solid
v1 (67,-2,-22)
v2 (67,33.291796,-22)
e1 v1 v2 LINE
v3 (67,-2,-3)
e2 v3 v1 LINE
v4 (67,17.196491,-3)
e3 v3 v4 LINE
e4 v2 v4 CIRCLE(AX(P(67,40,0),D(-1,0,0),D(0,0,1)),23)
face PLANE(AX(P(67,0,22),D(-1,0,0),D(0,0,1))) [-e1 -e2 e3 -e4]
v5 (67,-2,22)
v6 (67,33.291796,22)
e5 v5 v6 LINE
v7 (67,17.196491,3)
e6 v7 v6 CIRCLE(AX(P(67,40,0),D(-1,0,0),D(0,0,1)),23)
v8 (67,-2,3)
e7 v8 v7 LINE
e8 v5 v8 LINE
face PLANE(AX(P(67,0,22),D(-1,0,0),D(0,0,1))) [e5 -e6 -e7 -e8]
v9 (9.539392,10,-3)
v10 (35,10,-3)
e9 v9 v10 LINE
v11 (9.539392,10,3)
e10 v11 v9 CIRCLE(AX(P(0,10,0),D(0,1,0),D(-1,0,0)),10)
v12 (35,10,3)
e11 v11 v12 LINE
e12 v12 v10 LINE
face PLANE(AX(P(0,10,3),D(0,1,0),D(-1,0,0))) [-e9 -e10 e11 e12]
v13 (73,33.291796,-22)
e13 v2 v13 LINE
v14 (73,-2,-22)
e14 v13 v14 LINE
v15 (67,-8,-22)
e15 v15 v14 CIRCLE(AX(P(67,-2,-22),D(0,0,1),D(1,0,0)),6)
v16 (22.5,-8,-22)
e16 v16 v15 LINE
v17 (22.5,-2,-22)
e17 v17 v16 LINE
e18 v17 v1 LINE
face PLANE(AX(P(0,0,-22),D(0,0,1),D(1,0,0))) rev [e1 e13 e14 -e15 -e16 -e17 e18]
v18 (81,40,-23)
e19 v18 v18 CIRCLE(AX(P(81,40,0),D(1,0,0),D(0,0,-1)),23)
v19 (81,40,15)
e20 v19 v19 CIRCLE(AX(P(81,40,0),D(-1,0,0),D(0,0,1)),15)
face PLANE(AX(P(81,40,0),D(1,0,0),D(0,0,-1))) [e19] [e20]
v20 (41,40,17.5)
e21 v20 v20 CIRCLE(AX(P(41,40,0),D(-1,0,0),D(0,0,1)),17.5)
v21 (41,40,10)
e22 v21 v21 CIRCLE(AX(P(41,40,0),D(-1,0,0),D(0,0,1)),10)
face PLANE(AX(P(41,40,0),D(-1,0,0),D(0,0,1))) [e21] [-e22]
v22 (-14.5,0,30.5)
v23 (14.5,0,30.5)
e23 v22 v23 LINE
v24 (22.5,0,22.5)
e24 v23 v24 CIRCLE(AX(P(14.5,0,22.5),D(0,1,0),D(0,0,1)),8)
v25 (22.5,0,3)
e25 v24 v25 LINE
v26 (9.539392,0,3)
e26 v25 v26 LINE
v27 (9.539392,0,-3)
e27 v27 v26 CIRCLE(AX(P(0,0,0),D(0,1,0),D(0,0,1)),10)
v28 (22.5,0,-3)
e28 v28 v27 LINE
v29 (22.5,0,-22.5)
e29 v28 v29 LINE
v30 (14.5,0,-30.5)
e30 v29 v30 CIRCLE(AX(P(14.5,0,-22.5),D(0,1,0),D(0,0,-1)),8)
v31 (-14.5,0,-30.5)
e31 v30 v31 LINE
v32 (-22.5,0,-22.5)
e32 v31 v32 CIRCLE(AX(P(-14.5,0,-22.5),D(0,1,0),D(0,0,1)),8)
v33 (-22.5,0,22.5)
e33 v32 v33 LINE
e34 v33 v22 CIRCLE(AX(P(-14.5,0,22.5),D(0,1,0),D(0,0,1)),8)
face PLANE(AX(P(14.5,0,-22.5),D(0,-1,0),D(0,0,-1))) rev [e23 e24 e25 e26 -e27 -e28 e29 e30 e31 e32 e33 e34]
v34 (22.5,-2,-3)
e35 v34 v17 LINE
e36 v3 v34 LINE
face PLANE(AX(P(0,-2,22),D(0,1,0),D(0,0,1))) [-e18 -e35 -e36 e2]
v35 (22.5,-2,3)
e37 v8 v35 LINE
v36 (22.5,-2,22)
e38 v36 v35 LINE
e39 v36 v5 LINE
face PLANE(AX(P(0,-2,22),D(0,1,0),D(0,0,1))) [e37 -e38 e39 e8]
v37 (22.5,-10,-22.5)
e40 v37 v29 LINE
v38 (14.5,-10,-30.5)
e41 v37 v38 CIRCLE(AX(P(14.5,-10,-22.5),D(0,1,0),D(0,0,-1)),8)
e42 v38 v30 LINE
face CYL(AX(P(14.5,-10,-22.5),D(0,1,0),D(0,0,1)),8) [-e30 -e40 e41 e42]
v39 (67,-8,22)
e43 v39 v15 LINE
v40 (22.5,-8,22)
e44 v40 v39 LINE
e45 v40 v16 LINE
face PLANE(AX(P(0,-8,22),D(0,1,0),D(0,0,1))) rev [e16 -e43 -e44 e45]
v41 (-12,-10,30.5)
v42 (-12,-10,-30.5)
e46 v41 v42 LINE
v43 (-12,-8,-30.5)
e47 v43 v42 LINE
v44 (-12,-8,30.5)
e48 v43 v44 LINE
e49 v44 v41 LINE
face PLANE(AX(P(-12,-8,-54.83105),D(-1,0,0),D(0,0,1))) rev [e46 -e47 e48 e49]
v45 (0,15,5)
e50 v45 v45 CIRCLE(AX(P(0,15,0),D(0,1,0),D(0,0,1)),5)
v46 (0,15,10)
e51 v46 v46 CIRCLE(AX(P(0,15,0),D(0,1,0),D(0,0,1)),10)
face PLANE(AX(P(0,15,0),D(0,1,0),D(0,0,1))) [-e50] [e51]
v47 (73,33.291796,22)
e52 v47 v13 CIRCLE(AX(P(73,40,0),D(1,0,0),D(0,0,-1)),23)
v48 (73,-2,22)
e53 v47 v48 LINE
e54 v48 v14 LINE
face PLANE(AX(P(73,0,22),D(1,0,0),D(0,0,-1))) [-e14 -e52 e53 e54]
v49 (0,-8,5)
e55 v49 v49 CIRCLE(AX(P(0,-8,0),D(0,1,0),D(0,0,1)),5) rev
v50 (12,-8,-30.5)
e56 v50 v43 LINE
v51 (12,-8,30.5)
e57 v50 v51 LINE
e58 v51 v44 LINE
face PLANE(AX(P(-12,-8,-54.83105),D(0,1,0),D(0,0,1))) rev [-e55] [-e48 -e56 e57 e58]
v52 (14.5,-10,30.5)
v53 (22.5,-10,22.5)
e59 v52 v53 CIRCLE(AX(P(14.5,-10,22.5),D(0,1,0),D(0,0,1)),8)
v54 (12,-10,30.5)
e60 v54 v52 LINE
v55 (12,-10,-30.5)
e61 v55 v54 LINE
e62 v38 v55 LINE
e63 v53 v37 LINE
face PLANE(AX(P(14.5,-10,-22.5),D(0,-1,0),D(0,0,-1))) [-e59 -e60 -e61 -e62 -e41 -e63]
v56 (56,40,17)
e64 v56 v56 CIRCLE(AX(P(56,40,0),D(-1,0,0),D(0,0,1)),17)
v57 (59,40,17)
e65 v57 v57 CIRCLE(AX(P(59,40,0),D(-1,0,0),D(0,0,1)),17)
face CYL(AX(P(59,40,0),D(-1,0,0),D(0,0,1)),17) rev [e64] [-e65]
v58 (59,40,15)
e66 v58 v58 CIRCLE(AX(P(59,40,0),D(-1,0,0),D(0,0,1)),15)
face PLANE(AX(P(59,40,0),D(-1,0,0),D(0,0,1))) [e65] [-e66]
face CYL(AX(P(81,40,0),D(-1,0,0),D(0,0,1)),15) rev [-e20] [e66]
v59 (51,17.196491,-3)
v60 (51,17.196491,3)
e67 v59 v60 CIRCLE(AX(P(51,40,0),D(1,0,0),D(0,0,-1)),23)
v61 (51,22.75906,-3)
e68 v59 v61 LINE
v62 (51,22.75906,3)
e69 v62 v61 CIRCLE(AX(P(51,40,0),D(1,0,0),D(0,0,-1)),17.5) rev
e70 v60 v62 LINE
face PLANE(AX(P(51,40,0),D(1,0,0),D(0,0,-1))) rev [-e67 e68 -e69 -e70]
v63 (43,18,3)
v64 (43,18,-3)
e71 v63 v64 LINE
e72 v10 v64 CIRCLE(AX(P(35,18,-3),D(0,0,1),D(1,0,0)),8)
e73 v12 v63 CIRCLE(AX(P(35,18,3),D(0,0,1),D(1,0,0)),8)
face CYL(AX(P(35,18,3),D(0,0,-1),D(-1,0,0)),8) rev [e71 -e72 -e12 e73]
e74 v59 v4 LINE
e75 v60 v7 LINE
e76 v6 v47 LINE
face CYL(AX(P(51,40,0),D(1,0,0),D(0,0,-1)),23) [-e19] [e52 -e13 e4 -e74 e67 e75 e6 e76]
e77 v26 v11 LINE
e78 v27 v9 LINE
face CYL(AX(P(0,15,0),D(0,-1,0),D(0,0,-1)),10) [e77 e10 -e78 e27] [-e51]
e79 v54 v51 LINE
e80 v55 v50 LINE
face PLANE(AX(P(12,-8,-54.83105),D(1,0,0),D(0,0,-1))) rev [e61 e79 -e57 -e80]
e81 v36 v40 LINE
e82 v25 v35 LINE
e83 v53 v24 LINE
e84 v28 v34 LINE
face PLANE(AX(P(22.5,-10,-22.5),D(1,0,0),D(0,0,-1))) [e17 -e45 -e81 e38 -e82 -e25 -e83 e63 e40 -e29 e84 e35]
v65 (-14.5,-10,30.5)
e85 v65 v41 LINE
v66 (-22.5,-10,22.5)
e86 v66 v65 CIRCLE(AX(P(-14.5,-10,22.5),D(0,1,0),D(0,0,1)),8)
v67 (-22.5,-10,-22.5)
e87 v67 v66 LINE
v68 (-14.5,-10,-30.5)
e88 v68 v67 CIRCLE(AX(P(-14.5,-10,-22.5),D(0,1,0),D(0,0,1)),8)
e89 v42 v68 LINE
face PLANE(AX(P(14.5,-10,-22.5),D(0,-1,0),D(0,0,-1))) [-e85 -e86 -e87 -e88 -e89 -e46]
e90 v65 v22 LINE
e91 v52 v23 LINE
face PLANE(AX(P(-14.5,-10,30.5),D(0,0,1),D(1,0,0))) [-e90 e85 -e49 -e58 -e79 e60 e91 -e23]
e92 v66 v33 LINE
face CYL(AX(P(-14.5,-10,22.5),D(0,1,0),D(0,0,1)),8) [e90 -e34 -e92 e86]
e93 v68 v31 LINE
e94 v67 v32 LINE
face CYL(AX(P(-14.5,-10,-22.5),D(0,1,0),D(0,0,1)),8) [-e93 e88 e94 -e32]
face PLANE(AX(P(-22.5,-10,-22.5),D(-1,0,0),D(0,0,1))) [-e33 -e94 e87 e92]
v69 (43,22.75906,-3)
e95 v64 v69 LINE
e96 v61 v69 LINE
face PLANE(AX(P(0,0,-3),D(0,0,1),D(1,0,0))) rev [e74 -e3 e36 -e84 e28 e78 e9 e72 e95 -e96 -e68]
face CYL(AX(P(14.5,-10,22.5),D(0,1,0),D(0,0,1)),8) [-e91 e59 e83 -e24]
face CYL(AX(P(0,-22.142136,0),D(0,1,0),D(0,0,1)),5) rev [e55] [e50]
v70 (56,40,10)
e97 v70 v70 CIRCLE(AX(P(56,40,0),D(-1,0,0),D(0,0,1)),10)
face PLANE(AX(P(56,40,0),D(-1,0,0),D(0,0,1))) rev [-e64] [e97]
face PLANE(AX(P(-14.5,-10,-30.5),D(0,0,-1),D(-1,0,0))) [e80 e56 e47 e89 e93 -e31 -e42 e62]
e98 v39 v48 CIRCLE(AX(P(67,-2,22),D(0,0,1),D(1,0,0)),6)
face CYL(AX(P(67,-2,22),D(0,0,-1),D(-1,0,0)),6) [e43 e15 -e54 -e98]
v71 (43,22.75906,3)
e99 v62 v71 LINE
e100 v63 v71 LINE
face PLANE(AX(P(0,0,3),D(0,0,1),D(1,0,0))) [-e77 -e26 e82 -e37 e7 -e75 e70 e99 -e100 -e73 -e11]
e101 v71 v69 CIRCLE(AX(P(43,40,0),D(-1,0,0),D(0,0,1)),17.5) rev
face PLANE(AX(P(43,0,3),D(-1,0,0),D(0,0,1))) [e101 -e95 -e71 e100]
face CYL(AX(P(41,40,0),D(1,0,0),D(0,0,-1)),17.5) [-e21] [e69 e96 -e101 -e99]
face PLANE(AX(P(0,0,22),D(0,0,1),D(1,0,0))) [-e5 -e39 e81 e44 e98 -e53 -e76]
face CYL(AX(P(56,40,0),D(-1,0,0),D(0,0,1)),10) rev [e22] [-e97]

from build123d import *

# Parameters (mm, degrees)
EXTRUDE_1_DEPTH     = 10
SKETCH_2_R          = 10
EXTRUDE_2_DEPTH     = 15
SKETCH_3_W          = 24
SKETCH_3_H          = 4
CUT_EXTRUDE_1_DEPTH = 61
SKETCH_4_R          = 5
CUT_EXTRUDE_2_DEPTH = 23
EXTRUDE_3_DEPTH     = 22
EXTRUDE_4_DEPTH     = 3
EXTRUDE_START       = 8
SKETCH_7_R          = 23
EXTRUDE_5_DEPTH     = 30
SKETCH_9_R          = 17.5
EXTRUDE_6_DEPTH     = 10
SKETCH_10_R         = 10
CUT_EXTRUDE_3_DEPTH = 15
SKETCH_12_R         = 17
CUT_EXTRUDE_4_DEPTH = 3
SKETCH_13_R         = 15
CUT_EXTRUDE_5_DEPTH = 22


with BuildPart() as part:
    # 草图1 → 凸台-拉伸1 (new body)
    with BuildSketch(Plane(origin=(0, 0, 0), x_dir=(1, 0, 0), z_dir=(0, 1, 0))):
        with BuildLine():
            Line((-14.5, 30.5), (14.5, 30.5))
            ThreePointArc((14.5, 30.5), (20.156854249, 28.156854249), (22.5, 22.5))
            Line((22.5, 22.5), (22.5, -22.5))
            ThreePointArc((22.5, -22.5), (20.156854249, -28.156854249), (14.5, -30.5))
            Line((14.5, -30.5), (-14.5, -30.5))
            ThreePointArc((-14.5, -30.5), (-20.156854249, -28.156854249), (-22.5, -22.5))
            Line((-22.5, -22.5), (-22.5, 22.5))
            ThreePointArc((-22.5, 22.5), (-20.156854249, 28.156854249), (-14.5, 30.5))
        make_face()
    extrude(amount=-EXTRUDE_1_DEPTH)

    # 草图2 → 凸台-拉伸2 (add)
    with BuildSketch(Plane(origin=(0, 0, 0), x_dir=(1, 0, 0), z_dir=(0, 1, 0))):
        with Locations(Location((0, 0, 0), (0, 0, 270))):
            Circle(SKETCH_2_R)
    extrude(amount=EXTRUDE_2_DEPTH)

    # 草图3 → 切除-拉伸1 (cut)
    with BuildSketch(Plane.XY.offset(30.5)):
        with Locations((0, -10)):
            Rectangle(SKETCH_3_W, SKETCH_3_H)
    extrude(amount=-CUT_EXTRUDE_1_DEPTH, mode=Mode.SUBTRACT)

    # 草图4 → 切除-拉伸2 (cut)
    with BuildSketch(Plane(origin=(0, 15, 0), x_dir=(1, 0, 0), z_dir=(0, 1, 0))):
        with Locations(Location((0, 0, 0), (0, 0, 270))):
            Circle(SKETCH_4_R)
    extrude(amount=-CUT_EXTRUDE_2_DEPTH, mode=Mode.SUBTRACT)

    # 草图6 → 凸台-拉伸3 (add, symmetric)
    with BuildSketch(Plane.XY):
        with BuildLine():
            Line((22.5, -8), (67, -8))
            ThreePointArc((67, -8), (71.242640687, -6.242640687), (73, -2))
            Line((73, -2), (73, 40))
            Line((73, 40), (67, 40))
            Line((67, 40), (67, -2))
            Line((67, -2), (22.5, -2))
            Line((22.5, -2), (22.5, -8))
        make_face()
    extrude(amount=EXTRUDE_3_DEPTH, both=True)

    # 草图6<3> → 凸台-拉伸4 (add, symmetric)
    with BuildSketch(Plane.XY):
        with BuildLine():
            ThreePointArc((35, 10), (40.656854249, 12.343145751), (43, 18))
            Line((43, 18), (43, 40))
            Line((43, 40), (67, 40))
            Line((67, 40), (67, -2))
            Line((67, -2), (22.5, -2))
            Line((22.5, -2), (6.5, -2))
            Line((6.5, -2), (6.5, 10))
            Line((6.5, 10), (35, 10))
        make_face()
    extrude(amount=EXTRUDE_4_DEPTH, both=True)

    # 草图7 → 凸台-拉伸5 (add)
    with BuildSketch(Plane(origin=(73, 0, 0), x_dir=(0, 0, -1), z_dir=(1, 0, 0)).offset(EXTRUDE_START)):
        with Locations((0, 40)):
            Circle(SKETCH_7_R)
    extrude(amount=-EXTRUDE_5_DEPTH)

    # 草图9 → 凸台-拉伸6 (add)
    with BuildSketch(Plane.ZY.offset(-51)):
        with Locations(Location((0, 40, 0), (0, 0, 260.129110394))):
            Circle(SKETCH_9_R)
    extrude(amount=EXTRUDE_6_DEPTH)

    # 草图10 → 切除-拉伸3 (cut)
    with BuildSketch(Plane.ZY.offset(-41)):
        with Locations((0, 40)):
            Circle(SKETCH_10_R)
    extrude(amount=-CUT_EXTRUDE_3_DEPTH, mode=Mode.SUBTRACT)

    # 草图12 → 切除-拉伸4 (cut)
    with BuildSketch(Plane.ZY.offset(-56)):
        with Locations((0, 40)):
            Circle(SKETCH_12_R)
    extrude(amount=-CUT_EXTRUDE_4_DEPTH, mode=Mode.SUBTRACT)

    # 草图13 → 切除-拉伸5 (cut)
    with BuildSketch(Plane.ZY.offset(-59)):
        with Locations((0, 40)):
            Circle(SKETCH_13_R)
    extrude(amount=-CUT_EXTRUDE_5_DEPTH, mode=Mode.SUBTRACT)


solid = part.part
